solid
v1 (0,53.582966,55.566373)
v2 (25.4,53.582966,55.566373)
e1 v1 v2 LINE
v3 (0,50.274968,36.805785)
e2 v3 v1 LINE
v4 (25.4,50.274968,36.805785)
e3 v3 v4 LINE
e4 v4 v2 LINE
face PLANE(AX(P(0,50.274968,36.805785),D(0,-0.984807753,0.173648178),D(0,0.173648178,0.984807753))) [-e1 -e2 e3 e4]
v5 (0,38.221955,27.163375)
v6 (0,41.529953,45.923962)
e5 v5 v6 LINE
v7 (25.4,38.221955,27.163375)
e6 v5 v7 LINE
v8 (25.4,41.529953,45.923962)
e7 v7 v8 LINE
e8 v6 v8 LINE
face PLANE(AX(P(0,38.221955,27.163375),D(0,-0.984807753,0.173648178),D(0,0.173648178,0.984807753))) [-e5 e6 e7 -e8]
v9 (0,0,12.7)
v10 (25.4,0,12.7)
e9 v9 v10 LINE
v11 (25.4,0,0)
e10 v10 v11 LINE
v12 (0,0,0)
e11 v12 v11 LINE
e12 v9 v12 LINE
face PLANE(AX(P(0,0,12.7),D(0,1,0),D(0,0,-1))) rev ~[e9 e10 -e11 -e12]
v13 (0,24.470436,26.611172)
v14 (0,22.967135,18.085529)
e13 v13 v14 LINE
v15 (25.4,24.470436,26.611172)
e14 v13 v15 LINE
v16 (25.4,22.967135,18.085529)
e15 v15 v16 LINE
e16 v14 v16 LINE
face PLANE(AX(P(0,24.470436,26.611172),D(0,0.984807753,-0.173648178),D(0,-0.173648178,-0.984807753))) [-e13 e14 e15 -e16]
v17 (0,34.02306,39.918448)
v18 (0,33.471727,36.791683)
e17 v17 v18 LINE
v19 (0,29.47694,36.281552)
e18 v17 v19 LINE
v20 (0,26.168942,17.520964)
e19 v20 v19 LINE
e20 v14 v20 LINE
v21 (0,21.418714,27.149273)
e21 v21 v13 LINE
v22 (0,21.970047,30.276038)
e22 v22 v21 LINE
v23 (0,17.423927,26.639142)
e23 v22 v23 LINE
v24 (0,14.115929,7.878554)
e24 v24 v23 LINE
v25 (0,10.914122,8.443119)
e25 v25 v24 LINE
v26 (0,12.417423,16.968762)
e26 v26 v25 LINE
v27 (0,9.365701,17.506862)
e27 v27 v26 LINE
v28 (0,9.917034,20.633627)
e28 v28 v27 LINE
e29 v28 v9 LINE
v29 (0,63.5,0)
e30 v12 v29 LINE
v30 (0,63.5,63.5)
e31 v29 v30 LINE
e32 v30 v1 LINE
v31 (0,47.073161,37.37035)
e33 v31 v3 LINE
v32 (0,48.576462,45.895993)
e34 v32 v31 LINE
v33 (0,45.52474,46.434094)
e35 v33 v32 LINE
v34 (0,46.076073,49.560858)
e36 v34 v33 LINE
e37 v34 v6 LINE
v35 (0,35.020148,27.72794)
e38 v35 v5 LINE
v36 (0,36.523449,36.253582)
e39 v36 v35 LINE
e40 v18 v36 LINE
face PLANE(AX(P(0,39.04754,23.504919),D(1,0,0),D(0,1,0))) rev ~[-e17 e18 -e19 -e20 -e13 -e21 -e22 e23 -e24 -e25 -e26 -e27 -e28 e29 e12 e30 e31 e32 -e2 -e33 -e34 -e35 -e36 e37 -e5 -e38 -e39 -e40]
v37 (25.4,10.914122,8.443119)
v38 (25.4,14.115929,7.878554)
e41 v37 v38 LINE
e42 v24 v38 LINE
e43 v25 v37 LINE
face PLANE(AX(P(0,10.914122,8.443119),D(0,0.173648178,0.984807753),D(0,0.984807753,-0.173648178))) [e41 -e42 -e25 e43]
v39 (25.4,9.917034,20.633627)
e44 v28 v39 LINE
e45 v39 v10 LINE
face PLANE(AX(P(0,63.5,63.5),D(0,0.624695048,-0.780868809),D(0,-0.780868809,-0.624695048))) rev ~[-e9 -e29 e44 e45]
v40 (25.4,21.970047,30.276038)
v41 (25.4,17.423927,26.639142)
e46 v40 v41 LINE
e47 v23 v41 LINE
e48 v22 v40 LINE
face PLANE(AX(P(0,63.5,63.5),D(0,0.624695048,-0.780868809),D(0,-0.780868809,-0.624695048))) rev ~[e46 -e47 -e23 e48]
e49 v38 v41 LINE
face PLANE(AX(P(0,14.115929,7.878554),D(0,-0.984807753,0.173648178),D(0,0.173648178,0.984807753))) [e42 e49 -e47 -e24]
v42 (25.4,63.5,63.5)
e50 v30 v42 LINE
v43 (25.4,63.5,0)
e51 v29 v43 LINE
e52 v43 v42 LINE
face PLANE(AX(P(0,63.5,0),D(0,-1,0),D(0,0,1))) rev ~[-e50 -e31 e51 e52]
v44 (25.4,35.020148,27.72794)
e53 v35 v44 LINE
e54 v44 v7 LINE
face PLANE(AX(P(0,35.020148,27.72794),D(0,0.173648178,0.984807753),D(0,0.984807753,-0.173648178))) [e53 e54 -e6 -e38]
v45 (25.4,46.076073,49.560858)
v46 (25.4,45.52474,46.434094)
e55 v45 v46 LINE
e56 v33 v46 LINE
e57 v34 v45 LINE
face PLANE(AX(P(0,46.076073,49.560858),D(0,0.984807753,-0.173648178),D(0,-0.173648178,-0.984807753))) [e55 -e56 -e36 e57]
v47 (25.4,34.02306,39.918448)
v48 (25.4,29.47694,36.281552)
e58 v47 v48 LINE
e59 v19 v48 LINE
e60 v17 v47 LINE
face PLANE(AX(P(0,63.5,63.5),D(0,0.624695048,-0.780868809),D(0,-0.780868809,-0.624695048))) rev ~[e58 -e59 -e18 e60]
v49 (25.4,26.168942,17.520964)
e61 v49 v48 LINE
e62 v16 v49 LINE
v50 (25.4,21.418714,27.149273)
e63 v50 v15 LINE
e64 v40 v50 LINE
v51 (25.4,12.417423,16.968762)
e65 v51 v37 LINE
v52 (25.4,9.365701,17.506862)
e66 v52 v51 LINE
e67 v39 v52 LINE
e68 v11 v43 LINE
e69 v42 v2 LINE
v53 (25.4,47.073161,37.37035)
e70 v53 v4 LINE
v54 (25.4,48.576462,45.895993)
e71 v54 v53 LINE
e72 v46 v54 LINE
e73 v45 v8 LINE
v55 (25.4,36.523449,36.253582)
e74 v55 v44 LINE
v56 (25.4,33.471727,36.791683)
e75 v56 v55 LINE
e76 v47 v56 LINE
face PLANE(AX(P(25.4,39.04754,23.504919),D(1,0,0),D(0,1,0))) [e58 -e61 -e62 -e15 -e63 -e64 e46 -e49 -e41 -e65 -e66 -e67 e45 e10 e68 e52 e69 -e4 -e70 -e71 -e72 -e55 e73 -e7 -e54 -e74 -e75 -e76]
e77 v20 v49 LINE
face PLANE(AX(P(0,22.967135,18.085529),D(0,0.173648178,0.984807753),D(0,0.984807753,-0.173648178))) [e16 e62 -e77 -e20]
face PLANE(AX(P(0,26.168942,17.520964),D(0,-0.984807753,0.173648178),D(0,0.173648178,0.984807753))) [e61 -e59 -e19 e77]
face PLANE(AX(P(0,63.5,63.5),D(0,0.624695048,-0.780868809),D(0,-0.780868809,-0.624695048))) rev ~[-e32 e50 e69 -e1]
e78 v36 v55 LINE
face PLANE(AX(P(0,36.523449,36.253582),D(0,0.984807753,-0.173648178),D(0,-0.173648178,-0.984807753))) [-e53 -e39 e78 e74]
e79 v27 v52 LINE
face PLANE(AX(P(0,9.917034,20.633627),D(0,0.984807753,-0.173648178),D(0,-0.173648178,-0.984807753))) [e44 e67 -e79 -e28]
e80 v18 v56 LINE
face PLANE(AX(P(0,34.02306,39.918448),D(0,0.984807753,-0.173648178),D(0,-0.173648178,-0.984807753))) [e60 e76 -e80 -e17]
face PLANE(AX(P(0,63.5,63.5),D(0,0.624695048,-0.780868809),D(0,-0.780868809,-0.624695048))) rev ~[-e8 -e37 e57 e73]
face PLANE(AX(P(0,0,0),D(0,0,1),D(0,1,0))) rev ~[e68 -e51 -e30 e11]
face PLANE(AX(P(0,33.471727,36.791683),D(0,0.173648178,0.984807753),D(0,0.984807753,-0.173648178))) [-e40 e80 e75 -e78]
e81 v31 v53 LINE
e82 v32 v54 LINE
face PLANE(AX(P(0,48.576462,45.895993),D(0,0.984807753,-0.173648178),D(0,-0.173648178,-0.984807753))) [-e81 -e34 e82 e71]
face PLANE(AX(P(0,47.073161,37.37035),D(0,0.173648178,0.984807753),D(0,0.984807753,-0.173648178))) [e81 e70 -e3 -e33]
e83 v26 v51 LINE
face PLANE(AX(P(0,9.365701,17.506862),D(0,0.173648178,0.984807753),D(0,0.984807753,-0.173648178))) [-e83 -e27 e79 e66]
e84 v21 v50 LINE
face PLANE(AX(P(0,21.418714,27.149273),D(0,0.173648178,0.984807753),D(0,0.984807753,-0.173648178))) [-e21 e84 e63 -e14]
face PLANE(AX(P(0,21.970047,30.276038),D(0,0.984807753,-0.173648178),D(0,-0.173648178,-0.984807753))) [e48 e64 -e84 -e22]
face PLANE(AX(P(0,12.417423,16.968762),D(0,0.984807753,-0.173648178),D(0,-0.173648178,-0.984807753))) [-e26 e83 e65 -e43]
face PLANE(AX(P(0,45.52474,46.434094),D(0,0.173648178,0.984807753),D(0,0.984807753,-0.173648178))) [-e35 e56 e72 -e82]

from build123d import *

# Parameters (mm, degrees)
F2_DEPTH = 25.4
F3_DEPTH = 25.4


with BuildPart() as f2:
    # F0 (on Right) → F2 (new body)
    with BuildSketch(Plane.YZ):
        Polygon((0, 12.7), (0, 0), (63.5, 0), (63.5, 63.5), align=None)
    extrude(amount=F2_DEPTH)

    # F1 (on Right) → F3 (cut)
    with BuildSketch(Plane.YZ):
        Polygon((17.4239271212, 26.6391416969), (9.9170338799, 20.6336271039), (9.3657009158, 17.5068624881), (12.4174231809, 16.9687615152), (10.91412237, 8.4431189573), (14.1159293366, 7.8785540021), align=None)
        Polygon((29.4769401208, 36.2815520967), (21.9700468796, 30.2760375036), (21.4187139155, 27.1492728878), (24.4704361805, 26.6111719149), (22.9671353697, 18.085529357), (26.1689423363, 17.5209644018), align=None)
        Polygon((41.5299531204, 45.9239624964), (34.0230598792, 39.9184479033), (33.4717269151, 36.7916832875), (36.5234491801, 36.2535823146), (35.0201483693, 27.7279397567), (38.2219553359, 27.1633748015), align=None)
        Polygon((53.5829661201, 55.5663728961), (46.0760728788, 49.5608583031), (45.5247399147, 46.4340936872), (48.5764621798, 45.8959927143), (47.0731613689, 37.3703501564), (50.2749683355, 36.8057852012), align=None)
    extrude(amount=F3_DEPTH, mode=Mode.SUBTRACT)


solid = f2.part
